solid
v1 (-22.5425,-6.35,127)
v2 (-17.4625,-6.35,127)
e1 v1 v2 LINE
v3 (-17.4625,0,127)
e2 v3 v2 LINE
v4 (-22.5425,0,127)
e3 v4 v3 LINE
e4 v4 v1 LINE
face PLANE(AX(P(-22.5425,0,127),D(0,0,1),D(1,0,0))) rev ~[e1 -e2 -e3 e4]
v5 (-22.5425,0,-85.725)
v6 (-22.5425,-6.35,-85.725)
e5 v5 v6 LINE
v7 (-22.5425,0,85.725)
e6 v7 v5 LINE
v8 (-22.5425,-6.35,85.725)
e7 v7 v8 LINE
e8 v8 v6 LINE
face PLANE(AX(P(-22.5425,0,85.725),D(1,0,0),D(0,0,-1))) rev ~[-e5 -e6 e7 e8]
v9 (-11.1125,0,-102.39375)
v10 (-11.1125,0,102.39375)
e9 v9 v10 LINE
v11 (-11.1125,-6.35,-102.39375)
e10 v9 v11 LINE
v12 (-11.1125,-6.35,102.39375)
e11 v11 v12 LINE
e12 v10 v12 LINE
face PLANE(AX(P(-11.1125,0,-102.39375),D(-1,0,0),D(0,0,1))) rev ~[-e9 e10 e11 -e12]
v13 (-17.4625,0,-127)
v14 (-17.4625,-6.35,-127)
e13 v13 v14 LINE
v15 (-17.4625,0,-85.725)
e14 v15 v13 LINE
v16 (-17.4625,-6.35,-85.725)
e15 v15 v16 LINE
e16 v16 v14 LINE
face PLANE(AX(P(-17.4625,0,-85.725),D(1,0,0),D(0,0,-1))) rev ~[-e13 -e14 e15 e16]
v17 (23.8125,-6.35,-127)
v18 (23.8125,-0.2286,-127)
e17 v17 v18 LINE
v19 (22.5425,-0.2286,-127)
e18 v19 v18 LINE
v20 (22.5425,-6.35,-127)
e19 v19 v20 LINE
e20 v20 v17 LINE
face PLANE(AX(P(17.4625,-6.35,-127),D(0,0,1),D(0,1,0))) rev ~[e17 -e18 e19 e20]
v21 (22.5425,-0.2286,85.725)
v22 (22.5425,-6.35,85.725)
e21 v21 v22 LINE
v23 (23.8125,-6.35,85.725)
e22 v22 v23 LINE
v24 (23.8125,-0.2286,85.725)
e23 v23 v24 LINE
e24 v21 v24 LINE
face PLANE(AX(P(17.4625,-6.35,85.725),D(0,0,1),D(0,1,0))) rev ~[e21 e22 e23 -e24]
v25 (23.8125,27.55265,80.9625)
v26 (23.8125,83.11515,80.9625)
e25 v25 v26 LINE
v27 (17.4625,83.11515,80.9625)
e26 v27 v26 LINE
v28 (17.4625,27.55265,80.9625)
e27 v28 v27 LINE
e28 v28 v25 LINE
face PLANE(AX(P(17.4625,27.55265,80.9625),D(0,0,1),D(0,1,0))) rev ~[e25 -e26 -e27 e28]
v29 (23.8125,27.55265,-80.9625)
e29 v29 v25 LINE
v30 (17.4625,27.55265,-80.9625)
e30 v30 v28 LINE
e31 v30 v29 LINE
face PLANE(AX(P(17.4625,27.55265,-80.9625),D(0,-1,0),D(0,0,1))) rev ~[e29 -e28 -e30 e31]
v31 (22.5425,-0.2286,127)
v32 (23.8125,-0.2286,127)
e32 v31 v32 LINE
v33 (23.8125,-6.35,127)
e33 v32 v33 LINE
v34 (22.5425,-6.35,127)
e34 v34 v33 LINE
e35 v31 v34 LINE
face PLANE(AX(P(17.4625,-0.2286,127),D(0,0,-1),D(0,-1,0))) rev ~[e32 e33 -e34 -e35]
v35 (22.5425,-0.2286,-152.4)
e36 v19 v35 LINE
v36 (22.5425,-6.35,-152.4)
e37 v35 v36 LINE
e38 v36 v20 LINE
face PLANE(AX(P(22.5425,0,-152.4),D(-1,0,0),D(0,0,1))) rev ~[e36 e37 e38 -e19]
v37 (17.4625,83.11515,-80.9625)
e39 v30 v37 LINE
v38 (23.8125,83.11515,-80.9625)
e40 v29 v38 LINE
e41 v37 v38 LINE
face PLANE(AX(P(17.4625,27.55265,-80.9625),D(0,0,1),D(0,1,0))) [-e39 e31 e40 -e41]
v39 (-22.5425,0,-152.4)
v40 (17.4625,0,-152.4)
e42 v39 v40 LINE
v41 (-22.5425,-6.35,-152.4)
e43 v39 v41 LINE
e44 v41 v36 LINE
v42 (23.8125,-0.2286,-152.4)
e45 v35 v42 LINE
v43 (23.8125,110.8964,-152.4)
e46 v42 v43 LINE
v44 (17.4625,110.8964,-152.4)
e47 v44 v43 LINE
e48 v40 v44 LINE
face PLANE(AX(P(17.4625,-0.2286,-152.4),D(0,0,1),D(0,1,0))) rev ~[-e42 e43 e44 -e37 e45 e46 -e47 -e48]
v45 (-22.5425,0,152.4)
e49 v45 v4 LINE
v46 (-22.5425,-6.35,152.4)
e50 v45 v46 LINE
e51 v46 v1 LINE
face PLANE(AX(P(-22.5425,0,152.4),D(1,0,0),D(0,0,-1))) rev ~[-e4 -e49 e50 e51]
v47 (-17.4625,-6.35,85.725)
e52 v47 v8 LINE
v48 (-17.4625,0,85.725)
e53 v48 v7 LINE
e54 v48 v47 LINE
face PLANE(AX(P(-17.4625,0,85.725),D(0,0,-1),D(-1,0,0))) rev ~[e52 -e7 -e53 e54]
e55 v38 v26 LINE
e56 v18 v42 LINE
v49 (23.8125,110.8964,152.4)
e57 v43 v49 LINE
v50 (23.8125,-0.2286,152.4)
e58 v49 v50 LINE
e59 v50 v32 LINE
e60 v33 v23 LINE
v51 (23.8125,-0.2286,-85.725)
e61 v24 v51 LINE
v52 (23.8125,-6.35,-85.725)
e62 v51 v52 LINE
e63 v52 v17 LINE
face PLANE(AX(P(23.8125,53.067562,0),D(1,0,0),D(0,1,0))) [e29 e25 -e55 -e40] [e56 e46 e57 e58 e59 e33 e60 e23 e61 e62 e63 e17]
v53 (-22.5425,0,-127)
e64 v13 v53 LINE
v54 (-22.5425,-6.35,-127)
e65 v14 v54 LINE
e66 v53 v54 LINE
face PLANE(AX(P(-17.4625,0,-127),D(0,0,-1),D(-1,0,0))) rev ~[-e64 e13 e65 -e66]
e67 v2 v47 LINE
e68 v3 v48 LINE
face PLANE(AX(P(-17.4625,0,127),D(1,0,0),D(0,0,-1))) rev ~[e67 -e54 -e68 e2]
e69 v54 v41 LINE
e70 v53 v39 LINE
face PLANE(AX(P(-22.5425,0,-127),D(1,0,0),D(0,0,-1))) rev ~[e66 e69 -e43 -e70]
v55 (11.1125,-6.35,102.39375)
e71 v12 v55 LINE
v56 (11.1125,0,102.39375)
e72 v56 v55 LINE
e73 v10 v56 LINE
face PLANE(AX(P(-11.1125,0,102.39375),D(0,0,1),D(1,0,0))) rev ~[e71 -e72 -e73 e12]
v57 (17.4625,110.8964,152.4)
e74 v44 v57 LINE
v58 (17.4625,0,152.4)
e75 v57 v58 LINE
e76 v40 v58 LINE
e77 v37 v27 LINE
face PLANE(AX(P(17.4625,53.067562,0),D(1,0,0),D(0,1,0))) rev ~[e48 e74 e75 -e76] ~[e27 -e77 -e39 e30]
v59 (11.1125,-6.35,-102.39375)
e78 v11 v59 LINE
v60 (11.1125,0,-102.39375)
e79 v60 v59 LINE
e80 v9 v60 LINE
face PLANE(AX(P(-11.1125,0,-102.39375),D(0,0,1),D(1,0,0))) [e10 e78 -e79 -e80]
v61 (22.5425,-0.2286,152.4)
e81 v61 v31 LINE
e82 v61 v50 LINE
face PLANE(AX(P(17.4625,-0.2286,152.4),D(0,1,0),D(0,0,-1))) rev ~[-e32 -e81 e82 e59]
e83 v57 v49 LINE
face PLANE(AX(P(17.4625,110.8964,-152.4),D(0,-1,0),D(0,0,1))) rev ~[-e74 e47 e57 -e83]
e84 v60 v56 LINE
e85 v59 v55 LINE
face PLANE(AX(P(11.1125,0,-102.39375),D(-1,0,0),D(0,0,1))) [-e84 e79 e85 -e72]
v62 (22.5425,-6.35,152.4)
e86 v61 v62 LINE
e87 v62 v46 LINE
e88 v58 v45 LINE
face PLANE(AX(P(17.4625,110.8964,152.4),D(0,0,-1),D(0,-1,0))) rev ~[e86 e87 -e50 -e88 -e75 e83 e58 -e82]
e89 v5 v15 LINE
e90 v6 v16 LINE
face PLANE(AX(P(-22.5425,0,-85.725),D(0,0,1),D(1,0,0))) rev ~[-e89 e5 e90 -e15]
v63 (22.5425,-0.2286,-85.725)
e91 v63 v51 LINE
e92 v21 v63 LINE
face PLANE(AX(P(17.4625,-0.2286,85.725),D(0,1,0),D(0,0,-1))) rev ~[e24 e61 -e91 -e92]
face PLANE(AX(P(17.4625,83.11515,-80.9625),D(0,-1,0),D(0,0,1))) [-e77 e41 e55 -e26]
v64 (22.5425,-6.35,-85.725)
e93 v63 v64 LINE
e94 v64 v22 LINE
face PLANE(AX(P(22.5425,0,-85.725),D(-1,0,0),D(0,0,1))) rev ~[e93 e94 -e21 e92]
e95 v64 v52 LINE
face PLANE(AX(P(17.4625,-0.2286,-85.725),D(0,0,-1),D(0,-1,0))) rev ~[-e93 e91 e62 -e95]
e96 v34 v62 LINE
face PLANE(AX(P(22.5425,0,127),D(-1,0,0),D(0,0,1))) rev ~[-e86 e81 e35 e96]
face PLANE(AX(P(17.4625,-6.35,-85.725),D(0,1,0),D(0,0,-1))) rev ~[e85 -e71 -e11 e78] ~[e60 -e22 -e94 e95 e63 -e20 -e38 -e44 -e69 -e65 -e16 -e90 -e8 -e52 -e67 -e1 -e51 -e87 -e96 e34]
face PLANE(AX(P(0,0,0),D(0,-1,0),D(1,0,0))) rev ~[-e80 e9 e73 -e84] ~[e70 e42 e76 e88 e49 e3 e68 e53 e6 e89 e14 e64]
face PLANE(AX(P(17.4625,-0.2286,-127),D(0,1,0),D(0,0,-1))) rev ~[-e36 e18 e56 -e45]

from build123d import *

# Parameters (mm, degrees)
F0_W     = 22.225
F0_H     = 204.7875
F1_DEPTH = 6.35
F3_W     = 55.5625
F3_H     = 161.925
F4_DEPTH = 6.35


with BuildPart() as f1:
    # F0 (on Front) → F1 (new body)
    with BuildSketch(Plane.XZ):
        Polygon((17.4625, 152.4), (-17.4625, 152.4), (-22.5425, 152.4), (-22.5425, 127), (-17.4625, 127), (-17.4625, 85.725), (-22.5425, 85.725), (-22.5425, 0), (-22.5425, -85.725), (-17.4625, -85.725), (-17.4625, -127), (-22.5425, -127), (-22.5425, -152.4), (-17.4625, -152.4), (17.4625, -152.4), (22.5425, -152.4), (22.5425, -127), (17.4625, -127), (17.4625, -85.725), (22.5425, -85.725), (22.5425, 0), (22.5425, 85.725), (17.4625, 85.725), (17.4625, 127), (22.5425, 127), (22.5425, 152.4), align=None)
        Rectangle(F0_W, F0_H, mode=Mode.SUBTRACT)
    extrude(amount=F1_DEPTH)

    # F3 (on offset) → F4 (join)
    with BuildSketch(Plane.YZ.offset(17.4625)):
        Polygon((110.8964, -152.4), (110.8964, 152.4), (-0.2286, 152.4), (-0.2286, 127), (-6.35, 127), (-6.35, 85.725), (-0.2286, 85.725), (-0.2286, -85.725), (-6.35, -85.725), (-6.35, -127), (-0.2286, -127), (-0.2286, -152.4), align=None)
        with Locations((55.3339, 0)):
            Rectangle(F3_W, F3_H, mode=Mode.SUBTRACT)
    extrude(amount=F4_DEPTH)


solid = f1.part
